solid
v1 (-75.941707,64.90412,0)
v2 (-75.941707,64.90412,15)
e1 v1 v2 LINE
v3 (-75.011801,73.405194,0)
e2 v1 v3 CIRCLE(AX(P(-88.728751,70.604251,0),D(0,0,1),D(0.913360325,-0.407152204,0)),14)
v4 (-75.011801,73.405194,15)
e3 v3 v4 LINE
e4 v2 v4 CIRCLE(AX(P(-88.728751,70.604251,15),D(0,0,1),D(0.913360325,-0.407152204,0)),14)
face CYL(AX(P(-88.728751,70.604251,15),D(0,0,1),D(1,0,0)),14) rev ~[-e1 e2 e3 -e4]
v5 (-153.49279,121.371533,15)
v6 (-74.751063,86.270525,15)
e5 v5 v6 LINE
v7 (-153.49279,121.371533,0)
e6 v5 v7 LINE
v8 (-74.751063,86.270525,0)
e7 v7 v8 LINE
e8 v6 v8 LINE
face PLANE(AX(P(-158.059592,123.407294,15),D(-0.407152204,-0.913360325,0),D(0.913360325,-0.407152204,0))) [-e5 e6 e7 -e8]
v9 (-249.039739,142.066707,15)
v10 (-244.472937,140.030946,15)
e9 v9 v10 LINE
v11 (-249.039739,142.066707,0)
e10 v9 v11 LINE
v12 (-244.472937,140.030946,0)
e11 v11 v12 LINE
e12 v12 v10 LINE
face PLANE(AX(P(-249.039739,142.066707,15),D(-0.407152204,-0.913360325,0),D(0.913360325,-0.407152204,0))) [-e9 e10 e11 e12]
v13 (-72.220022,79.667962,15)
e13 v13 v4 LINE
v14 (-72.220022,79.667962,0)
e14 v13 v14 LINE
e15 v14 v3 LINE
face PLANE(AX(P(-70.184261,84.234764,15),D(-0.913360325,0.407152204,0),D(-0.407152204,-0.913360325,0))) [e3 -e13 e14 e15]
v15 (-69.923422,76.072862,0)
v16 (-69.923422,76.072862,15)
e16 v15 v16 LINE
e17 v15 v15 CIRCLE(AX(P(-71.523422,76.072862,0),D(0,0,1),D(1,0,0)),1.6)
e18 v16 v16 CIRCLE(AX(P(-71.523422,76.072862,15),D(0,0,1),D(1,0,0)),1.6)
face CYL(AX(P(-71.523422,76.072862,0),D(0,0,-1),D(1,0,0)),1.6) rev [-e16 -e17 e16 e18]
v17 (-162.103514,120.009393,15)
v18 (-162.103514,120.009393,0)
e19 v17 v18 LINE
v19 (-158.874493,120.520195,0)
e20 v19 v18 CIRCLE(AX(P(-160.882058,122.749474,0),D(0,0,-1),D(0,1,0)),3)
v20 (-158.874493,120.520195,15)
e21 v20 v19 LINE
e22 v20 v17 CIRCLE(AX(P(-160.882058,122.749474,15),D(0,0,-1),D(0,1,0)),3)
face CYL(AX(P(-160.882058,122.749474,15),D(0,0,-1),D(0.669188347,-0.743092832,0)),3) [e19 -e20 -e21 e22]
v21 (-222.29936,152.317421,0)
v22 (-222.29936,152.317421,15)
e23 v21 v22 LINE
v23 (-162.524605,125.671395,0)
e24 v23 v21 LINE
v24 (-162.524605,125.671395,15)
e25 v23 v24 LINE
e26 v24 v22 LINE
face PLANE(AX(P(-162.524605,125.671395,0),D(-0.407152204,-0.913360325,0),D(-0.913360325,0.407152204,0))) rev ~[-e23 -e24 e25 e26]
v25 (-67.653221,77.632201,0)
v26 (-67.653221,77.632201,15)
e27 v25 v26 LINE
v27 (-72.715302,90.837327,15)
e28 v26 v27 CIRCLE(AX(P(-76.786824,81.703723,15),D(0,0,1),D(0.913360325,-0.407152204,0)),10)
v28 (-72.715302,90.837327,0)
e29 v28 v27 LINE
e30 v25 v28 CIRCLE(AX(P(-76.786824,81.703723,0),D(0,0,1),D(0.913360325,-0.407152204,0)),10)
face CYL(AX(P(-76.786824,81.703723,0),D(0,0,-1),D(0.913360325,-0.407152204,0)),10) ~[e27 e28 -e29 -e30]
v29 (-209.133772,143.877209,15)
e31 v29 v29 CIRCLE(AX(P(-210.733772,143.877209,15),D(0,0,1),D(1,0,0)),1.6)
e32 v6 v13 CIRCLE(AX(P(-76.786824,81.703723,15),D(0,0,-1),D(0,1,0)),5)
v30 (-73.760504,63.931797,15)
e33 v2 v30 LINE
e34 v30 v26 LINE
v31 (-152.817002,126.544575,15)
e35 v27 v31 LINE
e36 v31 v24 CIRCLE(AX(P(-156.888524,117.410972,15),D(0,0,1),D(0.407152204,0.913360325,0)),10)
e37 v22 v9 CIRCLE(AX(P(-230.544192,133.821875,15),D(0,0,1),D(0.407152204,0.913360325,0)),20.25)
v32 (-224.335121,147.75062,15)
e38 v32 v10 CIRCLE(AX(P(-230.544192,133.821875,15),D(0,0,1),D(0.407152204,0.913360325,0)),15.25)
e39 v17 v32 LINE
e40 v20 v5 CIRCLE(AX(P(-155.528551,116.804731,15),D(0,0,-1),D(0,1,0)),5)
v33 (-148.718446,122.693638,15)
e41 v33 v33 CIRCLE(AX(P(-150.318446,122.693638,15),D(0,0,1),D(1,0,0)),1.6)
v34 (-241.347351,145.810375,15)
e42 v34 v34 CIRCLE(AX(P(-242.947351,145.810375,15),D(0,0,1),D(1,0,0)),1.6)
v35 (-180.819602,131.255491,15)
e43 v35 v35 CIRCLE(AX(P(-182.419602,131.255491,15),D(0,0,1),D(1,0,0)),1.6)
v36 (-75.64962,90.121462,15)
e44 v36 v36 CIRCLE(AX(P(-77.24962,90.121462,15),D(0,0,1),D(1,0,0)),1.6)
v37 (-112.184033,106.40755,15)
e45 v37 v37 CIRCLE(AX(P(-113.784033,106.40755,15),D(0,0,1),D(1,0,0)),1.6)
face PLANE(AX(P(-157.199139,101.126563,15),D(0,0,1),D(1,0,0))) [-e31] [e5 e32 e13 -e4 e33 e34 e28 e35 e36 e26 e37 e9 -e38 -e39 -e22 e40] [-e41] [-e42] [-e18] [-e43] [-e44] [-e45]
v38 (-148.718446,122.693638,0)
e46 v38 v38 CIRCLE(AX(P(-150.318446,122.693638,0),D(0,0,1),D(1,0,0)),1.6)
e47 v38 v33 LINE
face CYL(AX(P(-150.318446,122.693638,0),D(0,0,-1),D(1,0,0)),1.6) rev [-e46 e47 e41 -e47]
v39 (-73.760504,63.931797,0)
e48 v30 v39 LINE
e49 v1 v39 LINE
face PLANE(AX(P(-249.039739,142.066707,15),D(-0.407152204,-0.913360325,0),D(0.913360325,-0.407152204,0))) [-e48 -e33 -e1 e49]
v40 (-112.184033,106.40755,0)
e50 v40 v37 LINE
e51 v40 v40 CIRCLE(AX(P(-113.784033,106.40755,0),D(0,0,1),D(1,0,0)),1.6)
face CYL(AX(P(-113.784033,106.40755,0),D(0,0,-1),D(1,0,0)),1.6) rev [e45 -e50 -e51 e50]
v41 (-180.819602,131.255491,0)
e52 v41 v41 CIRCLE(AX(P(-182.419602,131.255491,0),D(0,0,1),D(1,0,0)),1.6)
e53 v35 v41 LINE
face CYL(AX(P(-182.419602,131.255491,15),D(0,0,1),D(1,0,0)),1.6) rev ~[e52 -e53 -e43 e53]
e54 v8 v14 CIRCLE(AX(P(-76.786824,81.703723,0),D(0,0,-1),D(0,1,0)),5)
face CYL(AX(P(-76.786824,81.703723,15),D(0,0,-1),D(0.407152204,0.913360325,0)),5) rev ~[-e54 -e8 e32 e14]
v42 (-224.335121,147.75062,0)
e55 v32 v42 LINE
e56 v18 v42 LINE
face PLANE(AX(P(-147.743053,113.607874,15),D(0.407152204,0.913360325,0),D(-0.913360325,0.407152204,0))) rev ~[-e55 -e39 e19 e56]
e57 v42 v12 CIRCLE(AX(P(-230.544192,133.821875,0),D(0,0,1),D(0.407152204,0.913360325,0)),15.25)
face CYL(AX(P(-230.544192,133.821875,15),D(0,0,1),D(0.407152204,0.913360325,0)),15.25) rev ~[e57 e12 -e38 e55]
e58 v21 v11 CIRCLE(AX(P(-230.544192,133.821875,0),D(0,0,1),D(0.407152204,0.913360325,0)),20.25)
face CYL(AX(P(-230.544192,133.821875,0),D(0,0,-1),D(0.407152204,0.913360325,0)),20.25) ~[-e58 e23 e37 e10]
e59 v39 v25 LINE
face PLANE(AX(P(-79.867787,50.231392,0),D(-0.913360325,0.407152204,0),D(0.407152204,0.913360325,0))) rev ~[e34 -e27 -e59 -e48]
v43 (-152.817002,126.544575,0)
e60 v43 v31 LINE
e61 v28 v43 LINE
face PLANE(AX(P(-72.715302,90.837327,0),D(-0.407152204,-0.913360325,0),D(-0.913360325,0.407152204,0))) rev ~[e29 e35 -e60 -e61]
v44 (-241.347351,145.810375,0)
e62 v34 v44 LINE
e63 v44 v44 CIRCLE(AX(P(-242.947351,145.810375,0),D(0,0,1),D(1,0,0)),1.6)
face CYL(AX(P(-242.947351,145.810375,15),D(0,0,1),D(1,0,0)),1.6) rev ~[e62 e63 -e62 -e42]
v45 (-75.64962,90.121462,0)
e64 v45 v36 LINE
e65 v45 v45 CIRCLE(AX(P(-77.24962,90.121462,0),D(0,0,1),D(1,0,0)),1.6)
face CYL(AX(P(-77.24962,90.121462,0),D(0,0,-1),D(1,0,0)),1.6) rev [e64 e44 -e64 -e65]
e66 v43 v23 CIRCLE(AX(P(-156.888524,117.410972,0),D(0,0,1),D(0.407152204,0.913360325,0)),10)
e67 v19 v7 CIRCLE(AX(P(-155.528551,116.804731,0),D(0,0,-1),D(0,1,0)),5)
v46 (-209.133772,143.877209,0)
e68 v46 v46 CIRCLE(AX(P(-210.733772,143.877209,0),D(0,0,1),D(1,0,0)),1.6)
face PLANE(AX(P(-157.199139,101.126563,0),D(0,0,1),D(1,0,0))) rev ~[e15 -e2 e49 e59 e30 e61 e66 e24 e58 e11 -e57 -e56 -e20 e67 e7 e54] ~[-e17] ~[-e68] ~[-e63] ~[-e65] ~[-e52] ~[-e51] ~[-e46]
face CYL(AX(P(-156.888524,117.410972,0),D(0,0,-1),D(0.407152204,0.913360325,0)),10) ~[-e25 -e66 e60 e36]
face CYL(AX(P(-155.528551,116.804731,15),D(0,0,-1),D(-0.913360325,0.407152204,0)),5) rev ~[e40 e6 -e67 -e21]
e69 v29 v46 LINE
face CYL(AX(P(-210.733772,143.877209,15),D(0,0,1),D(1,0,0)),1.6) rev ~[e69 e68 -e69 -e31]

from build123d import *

# Parameters (mm, degrees)
SKETCH1_R           = 14.25
SKETCH1_R_2         = 1.7
SKETCH1_R_3         = 1.6
BOSS_EXTRUDE1_DEPTH = 15
SKETCH5_R           = 1.25
SKETCH5_R_2         = 1.6
CUT_EXTRUDE4_DEPTH  = 16
CUT_EXTRUDE5_DEPTH  = 16
FILLET1_R           = 5
FILLET2_R           = 5
CUT_EXTRUDE6_DEPTH  = 16
CUT_EXTRUDE7_DEPTH  = 16
FILLET5_R           = 3
SKETCH9_R           = 14
CUT_EXTRUDE8_DEPTH  = 16


with BuildPart() as part:
    # Sketch1 → Boss-Extrude1 (new body)
    with BuildSketch(Plane.XY):
        with BuildLine():
            Line((-72.715301765, 90.837326721), (-152.817002247, 126.544575004))
            ThreePointArc((-152.817002247, 126.544575004), (-157.784388135, 127.370762315), (-162.524605276, 125.671394934))
            Line((-162.524605276, 125.671394934), (-222.299360222, 152.317421212))
            ThreePointArc((-222.299360222, 152.317421212), (-249.039738928, 142.066706765), (-238.78902448, 115.326328059))
            Line((-238.78902448, 115.326328059), (-179.014269534, 88.680301782))
            ThreePointArc((-179.014269534, 88.680301782), (-177.109561802, 84.018800254), (-173.174612442, 80.876558766))
            Line((-173.174612442, 80.876558766), (-93.072911961, 45.169310483))
            ThreePointArc((-93.072911961, 45.169310483), (-85.421957972, 44.965480094), (-79.867786674, 50.231391692))
            Line((-79.867786674, 50.231391692), (-67.653220557, 77.632201435))
            ThreePointArc((-67.653220557, 77.632201435), (-67.449390168, 85.283155423), (-72.715301765, 90.837326721))
        make_face()
        with Locations((-230.544192351, 133.821874636)):
            Circle(SKETCH1_R, mode=Mode.SUBTRACT)
        with Locations((-95.571468701, 49.02024728)):
            Circle(SKETCH1_R_2, mode=Mode.SUBTRACT)
        with Locations((-132.105881692, 65.306335437)):
            Circle(SKETCH1_R_2, mode=Mode.SUBTRACT)
        with Locations((-168.640294682, 81.592423593)):
            Circle(SKETCH1_R_2, mode=Mode.SUBTRACT)
        with Locations((-150.318445506, 122.693638207)):
            Circle(SKETCH1_R_3, mode=Mode.SUBTRACT)
        with Locations((-113.784032516, 106.407550051)):
            Circle(SKETCH1_R_3, mode=Mode.SUBTRACT)
        with Locations((-77.249619525, 90.121461895)):
            Circle(SKETCH1_R_3, mode=Mode.SUBTRACT)
        with Locations((-81.295075004, 54.152214057)):
            Circle(SKETCH1_R_2, mode=Mode.SUBTRACT)
        with Locations((-71.52342211, 76.072861852)):
            Circle(SKETCH1_R_3, mode=Mode.SUBTRACT)
        with Locations((-168.932649456, 106.357056211)):
            Circle(SKETCH1_R_2, mode=Mode.SUBTRACT)
    extrude(amount=BOSS_EXTRUDE1_DEPTH)

    # Sketch5 → Cut-Extrude4 (cut, through all)
    with BuildSketch(Plane.XY.offset(15)):
        with Locations((-196.466353254, 99.744559857)):
            Circle(SKETCH5_R)
        with Locations((-224.780523322, 112.366278179)):
            Circle(SKETCH5_R)
        with Locations((-210.733772287, 143.877209383)):
            Circle(SKETCH5_R_2)
        with Locations((-182.419602219, 131.255491062)):
            Circle(SKETCH5_R_2)
        with Locations((-242.947351213, 145.810375386)):
            Circle(SKETCH5_R_2)
        with Locations((-247.751623016, 135.033002179)):
            Circle(SKETCH5_R)
    extrude(amount=-CUT_EXTRUDE4_DEPTH, mode=Mode.SUBTRACT)

    # Sketch6 → Cut-Extrude5 (cut, through all)
    with BuildSketch(Plane.XY.offset(15)):
        Polygon((-158.059591703, 123.407293834), (-70.184261161, 84.234764078), (-86.470349317, 47.700351088), (-174.345679859, 86.872880843), align=None)
    extrude(amount=-CUT_EXTRUDE5_DEPTH, mode=Mode.SUBTRACT)

    # Fillet1
    fillet1_edges = [part.edges().sort_by_distance(p)[0] for p in [
        (-174.345679859, 86.872880843, 7.5),
        (-158.059591703, 123.407293834, 7.5),
    ]]
    fillet(fillet1_edges, radius=FILLET1_R)

    # Fillet2
    fillet2_edges = [part.edges().sort_by_distance(p)[0] for p in [
        (-70.184261161, 84.234764078, 7.5),
        (-86.470349317, 47.700351088, 7.5),
    ]]
    fillet(fillet2_edges, radius=FILLET2_R)

    # Sketch7 → Cut-Extrude6 (cut, through all)
    with BuildSketch(Plane.XY.offset(15)):
        Polygon((-249.039738928, 142.066706765), (-73.760503615, 63.931796563), (-92.871338518, 21.060658435), (-268.15057383, 99.195568636), align=None)
    extrude(amount=-CUT_EXTRUDE6_DEPTH, mode=Mode.SUBTRACT)

    # Sketch8 → Cut-Extrude7 (cut, through all)
    with BuildSketch(Plane.XY.offset(15)):
        with BuildLine():
            Line((-147.743052942, 113.607873768), (-224.335121242, 147.750619588))
            ThreePointArc((-224.335121242, 147.750619588), (-244.45553121, 140.069846398), (-236.831015973, 119.928050513))
            Line((-236.831015973, 119.928050513), (-160.324966884, 85.309789022))
            Line((-160.324966884, 85.309789022), (-147.743052942, 113.607873768))
        make_face()
    extrude(amount=-CUT_EXTRUDE7_DEPTH, mode=Mode.SUBTRACT)

    # Fillet5
    fillet5_edges = [part.edges().sort_by_distance(p)[0] for p in [
        (-159.987852597, 119.066285997, 7.5),
    ]]
    fillet(fillet5_edges, radius=FILLET5_R)

    # Sketch9 → Cut-Extrude8 (cut, through all)
    with BuildSketch(Plane.XY.offset(15)):
        with Locations((-88.728751121, 70.604250791)):
            Circle(SKETCH9_R)
    extrude(amount=-CUT_EXTRUDE8_DEPTH, mode=Mode.SUBTRACT)


solid = part.part
